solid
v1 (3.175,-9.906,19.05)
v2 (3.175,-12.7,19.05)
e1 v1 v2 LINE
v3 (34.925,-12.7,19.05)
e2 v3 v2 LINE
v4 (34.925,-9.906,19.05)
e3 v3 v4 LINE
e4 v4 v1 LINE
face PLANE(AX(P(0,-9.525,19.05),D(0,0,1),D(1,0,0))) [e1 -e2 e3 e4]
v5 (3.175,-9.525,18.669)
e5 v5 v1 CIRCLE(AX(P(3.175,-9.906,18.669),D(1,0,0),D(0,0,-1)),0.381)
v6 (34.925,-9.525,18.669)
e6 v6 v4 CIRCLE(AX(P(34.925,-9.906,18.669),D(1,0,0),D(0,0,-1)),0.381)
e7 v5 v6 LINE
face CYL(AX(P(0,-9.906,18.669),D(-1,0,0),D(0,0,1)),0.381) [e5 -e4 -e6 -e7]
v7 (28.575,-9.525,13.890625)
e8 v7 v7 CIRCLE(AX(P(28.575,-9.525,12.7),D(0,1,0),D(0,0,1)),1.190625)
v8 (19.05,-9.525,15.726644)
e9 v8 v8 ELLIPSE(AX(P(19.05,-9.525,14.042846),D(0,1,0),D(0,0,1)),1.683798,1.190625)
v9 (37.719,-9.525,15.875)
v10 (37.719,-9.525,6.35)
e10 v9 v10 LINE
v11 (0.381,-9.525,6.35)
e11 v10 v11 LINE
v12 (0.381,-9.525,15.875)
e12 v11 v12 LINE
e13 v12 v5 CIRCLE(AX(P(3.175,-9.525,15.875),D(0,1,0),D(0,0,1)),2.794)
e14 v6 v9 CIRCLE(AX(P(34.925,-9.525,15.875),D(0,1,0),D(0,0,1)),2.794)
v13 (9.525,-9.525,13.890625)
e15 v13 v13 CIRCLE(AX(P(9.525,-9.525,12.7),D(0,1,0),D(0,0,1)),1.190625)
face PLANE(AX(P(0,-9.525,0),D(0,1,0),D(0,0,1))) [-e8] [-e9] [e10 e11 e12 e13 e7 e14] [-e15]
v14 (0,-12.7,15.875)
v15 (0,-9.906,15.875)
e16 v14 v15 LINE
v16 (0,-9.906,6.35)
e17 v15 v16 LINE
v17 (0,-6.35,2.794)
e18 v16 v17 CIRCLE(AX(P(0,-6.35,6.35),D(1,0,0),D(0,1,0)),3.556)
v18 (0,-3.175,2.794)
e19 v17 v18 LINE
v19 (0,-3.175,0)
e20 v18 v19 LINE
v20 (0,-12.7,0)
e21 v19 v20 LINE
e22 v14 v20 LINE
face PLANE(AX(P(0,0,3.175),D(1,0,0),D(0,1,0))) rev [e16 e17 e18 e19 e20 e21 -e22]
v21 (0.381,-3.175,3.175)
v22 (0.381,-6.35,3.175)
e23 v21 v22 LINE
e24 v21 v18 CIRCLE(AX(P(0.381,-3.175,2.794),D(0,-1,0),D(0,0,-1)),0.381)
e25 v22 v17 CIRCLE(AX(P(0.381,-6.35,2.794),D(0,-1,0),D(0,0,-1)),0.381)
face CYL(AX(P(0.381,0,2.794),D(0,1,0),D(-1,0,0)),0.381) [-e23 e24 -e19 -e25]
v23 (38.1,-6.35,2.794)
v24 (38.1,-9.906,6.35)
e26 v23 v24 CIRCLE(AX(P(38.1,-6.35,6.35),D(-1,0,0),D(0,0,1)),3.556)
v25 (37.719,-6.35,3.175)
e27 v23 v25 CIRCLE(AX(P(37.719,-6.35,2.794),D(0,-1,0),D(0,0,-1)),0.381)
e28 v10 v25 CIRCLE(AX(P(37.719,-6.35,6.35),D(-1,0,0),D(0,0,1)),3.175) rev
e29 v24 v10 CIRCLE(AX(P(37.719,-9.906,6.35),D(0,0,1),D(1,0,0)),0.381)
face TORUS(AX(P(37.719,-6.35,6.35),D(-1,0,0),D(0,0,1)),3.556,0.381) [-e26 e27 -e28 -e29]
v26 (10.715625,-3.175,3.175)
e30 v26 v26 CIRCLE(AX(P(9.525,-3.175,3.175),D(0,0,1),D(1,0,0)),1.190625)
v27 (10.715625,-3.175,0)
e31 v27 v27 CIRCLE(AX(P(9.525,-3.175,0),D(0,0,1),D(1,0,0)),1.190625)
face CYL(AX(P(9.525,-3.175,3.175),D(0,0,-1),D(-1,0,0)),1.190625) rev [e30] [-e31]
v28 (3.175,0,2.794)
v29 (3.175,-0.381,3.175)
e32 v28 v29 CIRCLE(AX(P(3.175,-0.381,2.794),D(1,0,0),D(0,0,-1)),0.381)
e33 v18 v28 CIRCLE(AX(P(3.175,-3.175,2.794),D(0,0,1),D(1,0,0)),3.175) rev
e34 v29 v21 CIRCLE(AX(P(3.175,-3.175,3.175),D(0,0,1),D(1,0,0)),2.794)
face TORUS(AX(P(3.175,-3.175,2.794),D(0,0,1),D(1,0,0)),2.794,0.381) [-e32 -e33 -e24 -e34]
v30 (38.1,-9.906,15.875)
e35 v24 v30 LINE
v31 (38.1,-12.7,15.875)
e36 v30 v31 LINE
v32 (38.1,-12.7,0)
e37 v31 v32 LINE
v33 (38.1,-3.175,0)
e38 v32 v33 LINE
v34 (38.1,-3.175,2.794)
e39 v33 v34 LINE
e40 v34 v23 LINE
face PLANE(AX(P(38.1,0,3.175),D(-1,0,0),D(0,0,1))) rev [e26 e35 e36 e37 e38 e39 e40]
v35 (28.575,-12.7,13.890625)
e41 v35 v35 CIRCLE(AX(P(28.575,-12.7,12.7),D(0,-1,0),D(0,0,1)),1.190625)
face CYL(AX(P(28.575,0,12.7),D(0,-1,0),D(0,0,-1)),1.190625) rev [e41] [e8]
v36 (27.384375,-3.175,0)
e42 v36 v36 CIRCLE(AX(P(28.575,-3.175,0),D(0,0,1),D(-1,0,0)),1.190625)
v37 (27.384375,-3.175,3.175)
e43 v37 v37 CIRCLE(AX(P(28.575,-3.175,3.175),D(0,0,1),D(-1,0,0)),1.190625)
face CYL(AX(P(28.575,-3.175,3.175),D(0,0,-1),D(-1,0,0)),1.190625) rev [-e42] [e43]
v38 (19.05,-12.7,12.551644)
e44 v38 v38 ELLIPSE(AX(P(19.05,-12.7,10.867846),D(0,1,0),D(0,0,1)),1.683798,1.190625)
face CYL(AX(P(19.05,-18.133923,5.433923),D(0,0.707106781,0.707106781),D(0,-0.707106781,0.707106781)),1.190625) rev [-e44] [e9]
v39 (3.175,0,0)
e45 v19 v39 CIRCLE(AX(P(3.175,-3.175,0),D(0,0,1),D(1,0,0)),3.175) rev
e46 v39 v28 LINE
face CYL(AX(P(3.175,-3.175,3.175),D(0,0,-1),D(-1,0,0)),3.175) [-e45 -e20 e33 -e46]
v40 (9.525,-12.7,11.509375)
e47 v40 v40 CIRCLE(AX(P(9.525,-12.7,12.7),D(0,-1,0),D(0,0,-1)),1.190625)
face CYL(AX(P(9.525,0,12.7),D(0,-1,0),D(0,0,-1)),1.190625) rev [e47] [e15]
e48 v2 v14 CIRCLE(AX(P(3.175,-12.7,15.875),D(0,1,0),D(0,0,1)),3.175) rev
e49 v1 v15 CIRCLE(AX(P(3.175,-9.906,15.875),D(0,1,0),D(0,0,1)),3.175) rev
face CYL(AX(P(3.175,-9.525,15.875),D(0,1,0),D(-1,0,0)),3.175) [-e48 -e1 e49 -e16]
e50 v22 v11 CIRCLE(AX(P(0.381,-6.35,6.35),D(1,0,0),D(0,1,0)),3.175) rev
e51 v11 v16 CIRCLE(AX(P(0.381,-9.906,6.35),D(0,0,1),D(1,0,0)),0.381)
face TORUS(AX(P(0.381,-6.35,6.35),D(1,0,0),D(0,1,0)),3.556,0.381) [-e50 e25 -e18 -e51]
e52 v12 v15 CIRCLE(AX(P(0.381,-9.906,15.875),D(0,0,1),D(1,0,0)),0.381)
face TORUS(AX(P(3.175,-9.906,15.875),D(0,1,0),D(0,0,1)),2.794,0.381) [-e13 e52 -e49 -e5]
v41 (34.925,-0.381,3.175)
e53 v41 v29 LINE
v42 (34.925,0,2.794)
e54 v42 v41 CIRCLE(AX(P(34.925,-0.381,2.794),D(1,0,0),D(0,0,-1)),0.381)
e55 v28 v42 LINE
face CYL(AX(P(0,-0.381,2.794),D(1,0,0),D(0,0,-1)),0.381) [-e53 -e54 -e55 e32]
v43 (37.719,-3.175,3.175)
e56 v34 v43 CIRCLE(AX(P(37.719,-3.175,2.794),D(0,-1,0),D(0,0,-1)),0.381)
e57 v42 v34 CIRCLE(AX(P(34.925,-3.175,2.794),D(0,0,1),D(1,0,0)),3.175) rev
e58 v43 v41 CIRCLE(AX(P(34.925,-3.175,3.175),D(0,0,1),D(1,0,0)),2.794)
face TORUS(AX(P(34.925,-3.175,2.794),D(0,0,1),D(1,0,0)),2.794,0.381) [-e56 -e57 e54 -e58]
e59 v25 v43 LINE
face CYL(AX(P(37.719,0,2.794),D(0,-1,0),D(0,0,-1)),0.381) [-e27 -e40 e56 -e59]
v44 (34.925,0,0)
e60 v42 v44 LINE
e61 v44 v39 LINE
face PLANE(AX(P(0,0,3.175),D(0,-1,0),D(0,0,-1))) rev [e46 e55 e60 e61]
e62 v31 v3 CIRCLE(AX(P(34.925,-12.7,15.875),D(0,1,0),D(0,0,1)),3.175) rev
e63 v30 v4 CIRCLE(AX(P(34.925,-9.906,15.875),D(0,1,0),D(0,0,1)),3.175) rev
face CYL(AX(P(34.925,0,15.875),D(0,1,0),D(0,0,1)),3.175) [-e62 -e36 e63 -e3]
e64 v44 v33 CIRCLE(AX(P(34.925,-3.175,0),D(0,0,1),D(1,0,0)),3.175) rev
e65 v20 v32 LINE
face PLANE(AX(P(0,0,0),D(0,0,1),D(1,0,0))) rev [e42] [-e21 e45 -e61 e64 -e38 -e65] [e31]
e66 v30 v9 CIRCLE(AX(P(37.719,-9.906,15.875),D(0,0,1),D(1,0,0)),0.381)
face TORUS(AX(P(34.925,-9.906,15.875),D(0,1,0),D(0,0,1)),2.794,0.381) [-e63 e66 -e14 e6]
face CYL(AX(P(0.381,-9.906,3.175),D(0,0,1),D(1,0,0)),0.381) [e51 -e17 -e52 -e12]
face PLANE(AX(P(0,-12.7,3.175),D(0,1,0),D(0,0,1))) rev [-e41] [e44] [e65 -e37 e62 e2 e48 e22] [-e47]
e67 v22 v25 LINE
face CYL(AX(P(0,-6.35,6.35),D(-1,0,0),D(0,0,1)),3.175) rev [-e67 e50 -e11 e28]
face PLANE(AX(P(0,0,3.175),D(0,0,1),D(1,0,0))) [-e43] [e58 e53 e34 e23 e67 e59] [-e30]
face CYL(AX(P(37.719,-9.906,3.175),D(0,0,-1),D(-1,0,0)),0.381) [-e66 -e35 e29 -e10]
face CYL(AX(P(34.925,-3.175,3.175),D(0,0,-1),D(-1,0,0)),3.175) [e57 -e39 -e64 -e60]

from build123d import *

# Parameters (mm, degrees)
SKETCH1_W           = 38.1
SKETCH1_H           = 12.7
SKETCH1_R           = 1.190625
BOSS_EXTRUDE1_DEPTH = 3.175
SKETCH2_W           = 38.1
SKETCH2_H           = 15.875
BOSS_EXTRUDE2_DEPTH = 3.175
FILLET1_R           = 3.175
FILLET2_R           = 0.381
SKETCH3_R           = 1.190625
CUT_EXTRUDE1_DEPTH  = 16.557632845
SKETCH4_R           = 1.190625
CUT_EXTRUDE2_DEPTH  = 13.7


with BuildPart() as part:
    # Sketch1 → Boss-Extrude1 (new body)
    with BuildSketch(Plane.XY):
        with Locations((19.05, -6.35)):
            Rectangle(SKETCH1_W, SKETCH1_H)
        with Locations((9.525, -3.175)):
            Circle(SKETCH1_R, mode=Mode.SUBTRACT)
        with Locations((28.575, -3.175)):
            Circle(SKETCH1_R, mode=Mode.SUBTRACT)
    extrude(amount=BOSS_EXTRUDE1_DEPTH)

    # Sketch2 → Boss-Extrude2 (add)
    with BuildSketch(Plane(origin=(0, -12.7, 0), x_dir=(-1, 0, 0), z_dir=(0, -1, 0))):
        with Locations((-19.05, -11.1125)):
            Rectangle(SKETCH2_W, SKETCH2_H)
    extrude(amount=-BOSS_EXTRUDE2_DEPTH)

    # Fillet1
    fillet1_edges = [part.edges().sort_by_distance(p)[0] for p in [
        (38.1, 0, 1.5875),
        (0, 0, 1.5875),
        (19.05, -9.525, 3.175),
        (38.1, -11.1125, 19.05),
        (0, -11.1125, 19.05),
    ]]
    fillet(fillet1_edges, radius=FILLET1_R)

    # Fillet2
    fillet2_edges = [part.edges().sort_by_distance(p)[0] for p in [
        (19.05, 0, 3.175),
        (38.1, -4.7625, 3.175),
        (38.1, -9.525, 11.1125),
        (0, -4.7625, 3.175),
        (0.92993597, -0.92993597, 3.175),
        (37.17006403, -0.92993597, 3.175),
        (0, -9.525, 11.1125),
        (19.05, -9.525, 19.05),
        (0.92993597, -9.525, 18.12006403),
        (37.17006403, -9.525, 18.12006403),
        (38.1, -8.59506403, 4.10493597),
        (0, -8.59506403, 4.10493597),
    ]]
    fillet(fillet2_edges, radius=FILLET2_R)

    # Sketch3 → Cut-Extrude1 (cut, through all)
    with BuildSketch(Plane(origin=(0, 4.650907684, 4.650907684), x_dir=(-1, 0, 0), z_dir=(0, 0.707106781, 0.707106781))):
        with Locations((-19.05, 16.664983956)):
            Circle(SKETCH3_R)
    extrude(amount=-CUT_EXTRUDE1_DEPTH, mode=Mode.SUBTRACT)

    # Sketch4 → Cut-Extrude2 (cut, through all)
    with BuildSketch(Plane(origin=(0, -12.7, 0), x_dir=(-1, 0, 0), z_dir=(0, -1, 0))):
        with Locations((-9.525, -12.7)):
            Circle(SKETCH4_R)
        with Locations((-28.575, -12.7)):
            Circle(SKETCH4_R)
    extrude(amount=-CUT_EXTRUDE2_DEPTH, mode=Mode.SUBTRACT)


solid = part.part
